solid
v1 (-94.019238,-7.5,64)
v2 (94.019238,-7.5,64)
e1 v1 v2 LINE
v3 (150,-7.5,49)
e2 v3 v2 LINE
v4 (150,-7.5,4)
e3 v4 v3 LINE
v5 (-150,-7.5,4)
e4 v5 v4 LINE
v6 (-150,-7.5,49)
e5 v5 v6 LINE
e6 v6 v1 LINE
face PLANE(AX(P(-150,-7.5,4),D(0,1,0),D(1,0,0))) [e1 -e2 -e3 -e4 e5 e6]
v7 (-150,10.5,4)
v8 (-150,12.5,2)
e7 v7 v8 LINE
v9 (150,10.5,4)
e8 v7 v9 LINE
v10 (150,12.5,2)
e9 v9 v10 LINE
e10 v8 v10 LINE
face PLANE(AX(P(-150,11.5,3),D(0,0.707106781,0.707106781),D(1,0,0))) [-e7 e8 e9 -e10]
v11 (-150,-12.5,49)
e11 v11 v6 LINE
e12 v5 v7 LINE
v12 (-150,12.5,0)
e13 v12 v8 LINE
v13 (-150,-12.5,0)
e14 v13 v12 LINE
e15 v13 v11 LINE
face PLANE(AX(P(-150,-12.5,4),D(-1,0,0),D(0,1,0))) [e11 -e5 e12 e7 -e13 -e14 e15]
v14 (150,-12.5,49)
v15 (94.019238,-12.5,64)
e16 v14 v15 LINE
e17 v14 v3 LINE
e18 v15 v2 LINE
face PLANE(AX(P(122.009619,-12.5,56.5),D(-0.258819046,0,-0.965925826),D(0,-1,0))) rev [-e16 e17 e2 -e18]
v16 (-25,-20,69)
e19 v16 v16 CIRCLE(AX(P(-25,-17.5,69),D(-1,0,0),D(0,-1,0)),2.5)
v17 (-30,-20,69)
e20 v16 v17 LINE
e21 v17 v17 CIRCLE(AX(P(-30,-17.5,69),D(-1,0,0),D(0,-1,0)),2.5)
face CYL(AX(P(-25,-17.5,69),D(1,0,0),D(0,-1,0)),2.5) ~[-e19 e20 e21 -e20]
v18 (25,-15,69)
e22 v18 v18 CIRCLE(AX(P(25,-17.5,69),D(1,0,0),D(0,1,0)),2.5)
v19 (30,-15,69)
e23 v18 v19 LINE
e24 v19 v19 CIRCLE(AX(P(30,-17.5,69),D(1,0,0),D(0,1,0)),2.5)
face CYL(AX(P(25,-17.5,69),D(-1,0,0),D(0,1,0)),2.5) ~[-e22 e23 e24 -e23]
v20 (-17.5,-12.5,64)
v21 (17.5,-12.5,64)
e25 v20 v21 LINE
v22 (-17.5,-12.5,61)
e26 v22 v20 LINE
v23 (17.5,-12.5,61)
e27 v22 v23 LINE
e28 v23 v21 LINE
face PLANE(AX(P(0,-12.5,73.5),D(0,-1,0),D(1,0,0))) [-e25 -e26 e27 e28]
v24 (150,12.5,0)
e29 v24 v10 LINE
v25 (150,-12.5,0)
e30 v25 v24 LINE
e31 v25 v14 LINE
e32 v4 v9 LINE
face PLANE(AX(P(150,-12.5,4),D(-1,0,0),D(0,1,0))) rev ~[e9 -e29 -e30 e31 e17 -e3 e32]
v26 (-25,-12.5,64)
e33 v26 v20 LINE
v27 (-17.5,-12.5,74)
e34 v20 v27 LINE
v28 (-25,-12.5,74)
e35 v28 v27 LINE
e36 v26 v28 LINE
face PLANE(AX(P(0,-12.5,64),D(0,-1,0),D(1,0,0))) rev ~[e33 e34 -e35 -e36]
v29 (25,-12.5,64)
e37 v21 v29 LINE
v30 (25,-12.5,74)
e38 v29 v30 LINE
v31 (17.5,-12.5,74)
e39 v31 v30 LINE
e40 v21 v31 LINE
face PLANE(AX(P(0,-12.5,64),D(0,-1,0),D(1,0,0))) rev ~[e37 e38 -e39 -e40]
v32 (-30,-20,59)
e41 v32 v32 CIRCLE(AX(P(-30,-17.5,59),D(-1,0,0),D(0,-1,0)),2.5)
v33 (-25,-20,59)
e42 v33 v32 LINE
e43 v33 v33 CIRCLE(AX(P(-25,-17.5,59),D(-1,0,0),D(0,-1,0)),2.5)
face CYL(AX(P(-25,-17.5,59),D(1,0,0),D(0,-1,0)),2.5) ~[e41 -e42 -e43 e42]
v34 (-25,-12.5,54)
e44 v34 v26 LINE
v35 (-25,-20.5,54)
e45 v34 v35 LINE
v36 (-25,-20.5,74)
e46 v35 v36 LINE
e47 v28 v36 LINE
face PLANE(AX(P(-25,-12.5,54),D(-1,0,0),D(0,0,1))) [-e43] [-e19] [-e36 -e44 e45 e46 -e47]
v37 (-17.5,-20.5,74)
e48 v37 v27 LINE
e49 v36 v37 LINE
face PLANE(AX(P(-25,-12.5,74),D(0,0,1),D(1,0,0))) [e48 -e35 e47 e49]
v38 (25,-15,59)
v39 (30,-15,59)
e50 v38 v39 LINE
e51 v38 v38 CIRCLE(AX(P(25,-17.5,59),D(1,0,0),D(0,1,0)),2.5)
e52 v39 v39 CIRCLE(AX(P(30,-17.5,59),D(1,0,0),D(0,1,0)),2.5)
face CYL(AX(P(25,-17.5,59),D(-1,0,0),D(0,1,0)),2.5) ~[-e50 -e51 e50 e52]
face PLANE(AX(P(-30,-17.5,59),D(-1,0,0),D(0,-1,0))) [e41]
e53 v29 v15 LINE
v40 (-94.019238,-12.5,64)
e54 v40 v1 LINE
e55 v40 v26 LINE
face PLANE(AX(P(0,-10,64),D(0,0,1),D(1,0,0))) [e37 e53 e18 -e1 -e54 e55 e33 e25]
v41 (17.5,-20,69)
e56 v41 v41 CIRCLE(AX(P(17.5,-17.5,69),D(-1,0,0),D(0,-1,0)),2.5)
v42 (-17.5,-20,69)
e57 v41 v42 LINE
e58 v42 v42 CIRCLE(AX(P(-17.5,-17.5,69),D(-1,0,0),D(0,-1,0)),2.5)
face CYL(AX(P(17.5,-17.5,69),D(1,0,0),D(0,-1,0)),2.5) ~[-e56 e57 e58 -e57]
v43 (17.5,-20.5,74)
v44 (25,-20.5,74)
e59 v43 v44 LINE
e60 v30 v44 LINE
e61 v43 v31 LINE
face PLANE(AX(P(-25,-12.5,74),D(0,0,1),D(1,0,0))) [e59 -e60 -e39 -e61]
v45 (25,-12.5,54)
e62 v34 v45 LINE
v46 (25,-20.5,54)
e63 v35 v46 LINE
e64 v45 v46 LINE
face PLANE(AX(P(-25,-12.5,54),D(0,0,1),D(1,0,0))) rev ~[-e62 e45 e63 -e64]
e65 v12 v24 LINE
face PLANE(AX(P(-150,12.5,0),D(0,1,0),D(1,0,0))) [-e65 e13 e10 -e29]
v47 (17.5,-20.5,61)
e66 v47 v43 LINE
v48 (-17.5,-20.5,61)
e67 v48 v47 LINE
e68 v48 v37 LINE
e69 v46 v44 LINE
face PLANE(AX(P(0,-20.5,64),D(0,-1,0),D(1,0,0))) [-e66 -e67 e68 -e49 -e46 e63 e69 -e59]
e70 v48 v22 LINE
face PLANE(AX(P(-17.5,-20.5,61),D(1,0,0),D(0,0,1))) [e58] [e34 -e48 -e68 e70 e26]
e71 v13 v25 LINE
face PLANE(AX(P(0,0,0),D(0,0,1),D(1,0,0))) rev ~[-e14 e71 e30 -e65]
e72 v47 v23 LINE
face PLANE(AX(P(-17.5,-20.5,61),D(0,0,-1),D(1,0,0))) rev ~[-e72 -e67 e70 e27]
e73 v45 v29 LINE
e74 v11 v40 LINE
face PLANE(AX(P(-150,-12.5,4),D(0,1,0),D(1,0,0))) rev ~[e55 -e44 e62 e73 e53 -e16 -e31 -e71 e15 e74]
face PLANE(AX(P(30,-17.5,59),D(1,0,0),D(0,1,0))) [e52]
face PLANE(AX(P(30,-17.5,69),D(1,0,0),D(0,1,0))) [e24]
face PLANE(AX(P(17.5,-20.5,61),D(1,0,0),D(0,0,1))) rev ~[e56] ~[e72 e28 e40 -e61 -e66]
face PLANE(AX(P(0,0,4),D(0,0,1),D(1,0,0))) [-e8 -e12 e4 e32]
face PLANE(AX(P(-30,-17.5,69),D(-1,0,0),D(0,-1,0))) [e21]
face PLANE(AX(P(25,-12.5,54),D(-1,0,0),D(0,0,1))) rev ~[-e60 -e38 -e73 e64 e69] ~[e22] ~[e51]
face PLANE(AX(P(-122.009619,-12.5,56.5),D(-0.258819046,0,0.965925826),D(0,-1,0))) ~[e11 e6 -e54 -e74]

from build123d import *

# Parameters (mm, degrees)
F0_W      = 300
F0_H      = 25
F1_DEPTH  = 4
F2_W      = 300
F2_H      = 5
F3_DEPTH  = 60
F4_SIZE2  = 55.980762
F4_SIZE   = 15
F5_SIZE   = 2
F6_W      = 50
F6_H      = 20
F7_DEPTH  = 8
F9_R      = 2.5
F10_DEPTH = 5
F11_R     = 2.5
F12_DEPTH = 5
F13_W     = 35
F13_H     = 25
F14_DEPTH = 8
F15_R     = 2.5
F16_DEPTH = 35


with BuildPart() as f1:
    # F0 (on Top) → F1 (new body)
    with BuildSketch(Plane.XY):
        Rectangle(F0_W, F0_H)
    extrude(amount=F1_DEPTH)

    # F2 (on face) → F3 (join)
    with BuildSketch(Plane.XY.offset(4)):
        with Locations((0, -10)):
            Rectangle(F2_W, F2_H)
    extrude(amount=F3_DEPTH)

    # F4
    f4_edges = [f1.edges().sort_by_distance(p)[0] for p in [
        (-150, -10, 64),
        (150, -10, 64),
    ]]
    chamfer(f4_edges, length=F4_SIZE, length2=F4_SIZE2)

    # F5
    f5_edges = [f1.edges().sort_by_distance(p)[0] for p in [
        (0, 12.5, 4),
    ]]
    chamfer(f5_edges, length=F5_SIZE)

    # F6 (on face) → F7 (join)
    with BuildSketch(Plane.XZ.offset(12.5)):
        with Locations((0, 64)):
            Rectangle(F6_W, F6_H)
    extrude(amount=F7_DEPTH)

    # F9 (on face) → F10 (join)
    with BuildSketch(Plane(origin=(-25, 0, 0), x_dir=(0, -1, 0), z_dir=(-1, 0, 0))):
        with Locations((17.5, 69)):
            Circle(F9_R)
        with Locations((17.5, 59)):
            Circle(F9_R)
    extrude(amount=F10_DEPTH)

    # F11 (on face) → F12 (join)
    with BuildSketch(Plane.YZ.offset(25)):
        with Locations((-17.5, 59)):
            Circle(F11_R)
        with Locations((-17.5, 69)):
            Circle(F11_R)
    extrude(amount=F12_DEPTH)

    # F13 (on face) → F14 (cut)
    with BuildSketch(Plane.XZ.offset(20.5)):
        with Locations((0, 73.5)):
            Rectangle(F13_W, F13_H)
    extrude(amount=-F14_DEPTH, mode=Mode.SUBTRACT)

    # F15 (on face) → F16 (join, through all)
    with BuildSketch(Plane(origin=(17.5, 0, 0), x_dir=(0, -1, 0), z_dir=(-1, 0, 0))):
        with Locations((17.5, 69)):
            Circle(F15_R)
    extrude(amount=F16_DEPTH)


solid = f1.part
